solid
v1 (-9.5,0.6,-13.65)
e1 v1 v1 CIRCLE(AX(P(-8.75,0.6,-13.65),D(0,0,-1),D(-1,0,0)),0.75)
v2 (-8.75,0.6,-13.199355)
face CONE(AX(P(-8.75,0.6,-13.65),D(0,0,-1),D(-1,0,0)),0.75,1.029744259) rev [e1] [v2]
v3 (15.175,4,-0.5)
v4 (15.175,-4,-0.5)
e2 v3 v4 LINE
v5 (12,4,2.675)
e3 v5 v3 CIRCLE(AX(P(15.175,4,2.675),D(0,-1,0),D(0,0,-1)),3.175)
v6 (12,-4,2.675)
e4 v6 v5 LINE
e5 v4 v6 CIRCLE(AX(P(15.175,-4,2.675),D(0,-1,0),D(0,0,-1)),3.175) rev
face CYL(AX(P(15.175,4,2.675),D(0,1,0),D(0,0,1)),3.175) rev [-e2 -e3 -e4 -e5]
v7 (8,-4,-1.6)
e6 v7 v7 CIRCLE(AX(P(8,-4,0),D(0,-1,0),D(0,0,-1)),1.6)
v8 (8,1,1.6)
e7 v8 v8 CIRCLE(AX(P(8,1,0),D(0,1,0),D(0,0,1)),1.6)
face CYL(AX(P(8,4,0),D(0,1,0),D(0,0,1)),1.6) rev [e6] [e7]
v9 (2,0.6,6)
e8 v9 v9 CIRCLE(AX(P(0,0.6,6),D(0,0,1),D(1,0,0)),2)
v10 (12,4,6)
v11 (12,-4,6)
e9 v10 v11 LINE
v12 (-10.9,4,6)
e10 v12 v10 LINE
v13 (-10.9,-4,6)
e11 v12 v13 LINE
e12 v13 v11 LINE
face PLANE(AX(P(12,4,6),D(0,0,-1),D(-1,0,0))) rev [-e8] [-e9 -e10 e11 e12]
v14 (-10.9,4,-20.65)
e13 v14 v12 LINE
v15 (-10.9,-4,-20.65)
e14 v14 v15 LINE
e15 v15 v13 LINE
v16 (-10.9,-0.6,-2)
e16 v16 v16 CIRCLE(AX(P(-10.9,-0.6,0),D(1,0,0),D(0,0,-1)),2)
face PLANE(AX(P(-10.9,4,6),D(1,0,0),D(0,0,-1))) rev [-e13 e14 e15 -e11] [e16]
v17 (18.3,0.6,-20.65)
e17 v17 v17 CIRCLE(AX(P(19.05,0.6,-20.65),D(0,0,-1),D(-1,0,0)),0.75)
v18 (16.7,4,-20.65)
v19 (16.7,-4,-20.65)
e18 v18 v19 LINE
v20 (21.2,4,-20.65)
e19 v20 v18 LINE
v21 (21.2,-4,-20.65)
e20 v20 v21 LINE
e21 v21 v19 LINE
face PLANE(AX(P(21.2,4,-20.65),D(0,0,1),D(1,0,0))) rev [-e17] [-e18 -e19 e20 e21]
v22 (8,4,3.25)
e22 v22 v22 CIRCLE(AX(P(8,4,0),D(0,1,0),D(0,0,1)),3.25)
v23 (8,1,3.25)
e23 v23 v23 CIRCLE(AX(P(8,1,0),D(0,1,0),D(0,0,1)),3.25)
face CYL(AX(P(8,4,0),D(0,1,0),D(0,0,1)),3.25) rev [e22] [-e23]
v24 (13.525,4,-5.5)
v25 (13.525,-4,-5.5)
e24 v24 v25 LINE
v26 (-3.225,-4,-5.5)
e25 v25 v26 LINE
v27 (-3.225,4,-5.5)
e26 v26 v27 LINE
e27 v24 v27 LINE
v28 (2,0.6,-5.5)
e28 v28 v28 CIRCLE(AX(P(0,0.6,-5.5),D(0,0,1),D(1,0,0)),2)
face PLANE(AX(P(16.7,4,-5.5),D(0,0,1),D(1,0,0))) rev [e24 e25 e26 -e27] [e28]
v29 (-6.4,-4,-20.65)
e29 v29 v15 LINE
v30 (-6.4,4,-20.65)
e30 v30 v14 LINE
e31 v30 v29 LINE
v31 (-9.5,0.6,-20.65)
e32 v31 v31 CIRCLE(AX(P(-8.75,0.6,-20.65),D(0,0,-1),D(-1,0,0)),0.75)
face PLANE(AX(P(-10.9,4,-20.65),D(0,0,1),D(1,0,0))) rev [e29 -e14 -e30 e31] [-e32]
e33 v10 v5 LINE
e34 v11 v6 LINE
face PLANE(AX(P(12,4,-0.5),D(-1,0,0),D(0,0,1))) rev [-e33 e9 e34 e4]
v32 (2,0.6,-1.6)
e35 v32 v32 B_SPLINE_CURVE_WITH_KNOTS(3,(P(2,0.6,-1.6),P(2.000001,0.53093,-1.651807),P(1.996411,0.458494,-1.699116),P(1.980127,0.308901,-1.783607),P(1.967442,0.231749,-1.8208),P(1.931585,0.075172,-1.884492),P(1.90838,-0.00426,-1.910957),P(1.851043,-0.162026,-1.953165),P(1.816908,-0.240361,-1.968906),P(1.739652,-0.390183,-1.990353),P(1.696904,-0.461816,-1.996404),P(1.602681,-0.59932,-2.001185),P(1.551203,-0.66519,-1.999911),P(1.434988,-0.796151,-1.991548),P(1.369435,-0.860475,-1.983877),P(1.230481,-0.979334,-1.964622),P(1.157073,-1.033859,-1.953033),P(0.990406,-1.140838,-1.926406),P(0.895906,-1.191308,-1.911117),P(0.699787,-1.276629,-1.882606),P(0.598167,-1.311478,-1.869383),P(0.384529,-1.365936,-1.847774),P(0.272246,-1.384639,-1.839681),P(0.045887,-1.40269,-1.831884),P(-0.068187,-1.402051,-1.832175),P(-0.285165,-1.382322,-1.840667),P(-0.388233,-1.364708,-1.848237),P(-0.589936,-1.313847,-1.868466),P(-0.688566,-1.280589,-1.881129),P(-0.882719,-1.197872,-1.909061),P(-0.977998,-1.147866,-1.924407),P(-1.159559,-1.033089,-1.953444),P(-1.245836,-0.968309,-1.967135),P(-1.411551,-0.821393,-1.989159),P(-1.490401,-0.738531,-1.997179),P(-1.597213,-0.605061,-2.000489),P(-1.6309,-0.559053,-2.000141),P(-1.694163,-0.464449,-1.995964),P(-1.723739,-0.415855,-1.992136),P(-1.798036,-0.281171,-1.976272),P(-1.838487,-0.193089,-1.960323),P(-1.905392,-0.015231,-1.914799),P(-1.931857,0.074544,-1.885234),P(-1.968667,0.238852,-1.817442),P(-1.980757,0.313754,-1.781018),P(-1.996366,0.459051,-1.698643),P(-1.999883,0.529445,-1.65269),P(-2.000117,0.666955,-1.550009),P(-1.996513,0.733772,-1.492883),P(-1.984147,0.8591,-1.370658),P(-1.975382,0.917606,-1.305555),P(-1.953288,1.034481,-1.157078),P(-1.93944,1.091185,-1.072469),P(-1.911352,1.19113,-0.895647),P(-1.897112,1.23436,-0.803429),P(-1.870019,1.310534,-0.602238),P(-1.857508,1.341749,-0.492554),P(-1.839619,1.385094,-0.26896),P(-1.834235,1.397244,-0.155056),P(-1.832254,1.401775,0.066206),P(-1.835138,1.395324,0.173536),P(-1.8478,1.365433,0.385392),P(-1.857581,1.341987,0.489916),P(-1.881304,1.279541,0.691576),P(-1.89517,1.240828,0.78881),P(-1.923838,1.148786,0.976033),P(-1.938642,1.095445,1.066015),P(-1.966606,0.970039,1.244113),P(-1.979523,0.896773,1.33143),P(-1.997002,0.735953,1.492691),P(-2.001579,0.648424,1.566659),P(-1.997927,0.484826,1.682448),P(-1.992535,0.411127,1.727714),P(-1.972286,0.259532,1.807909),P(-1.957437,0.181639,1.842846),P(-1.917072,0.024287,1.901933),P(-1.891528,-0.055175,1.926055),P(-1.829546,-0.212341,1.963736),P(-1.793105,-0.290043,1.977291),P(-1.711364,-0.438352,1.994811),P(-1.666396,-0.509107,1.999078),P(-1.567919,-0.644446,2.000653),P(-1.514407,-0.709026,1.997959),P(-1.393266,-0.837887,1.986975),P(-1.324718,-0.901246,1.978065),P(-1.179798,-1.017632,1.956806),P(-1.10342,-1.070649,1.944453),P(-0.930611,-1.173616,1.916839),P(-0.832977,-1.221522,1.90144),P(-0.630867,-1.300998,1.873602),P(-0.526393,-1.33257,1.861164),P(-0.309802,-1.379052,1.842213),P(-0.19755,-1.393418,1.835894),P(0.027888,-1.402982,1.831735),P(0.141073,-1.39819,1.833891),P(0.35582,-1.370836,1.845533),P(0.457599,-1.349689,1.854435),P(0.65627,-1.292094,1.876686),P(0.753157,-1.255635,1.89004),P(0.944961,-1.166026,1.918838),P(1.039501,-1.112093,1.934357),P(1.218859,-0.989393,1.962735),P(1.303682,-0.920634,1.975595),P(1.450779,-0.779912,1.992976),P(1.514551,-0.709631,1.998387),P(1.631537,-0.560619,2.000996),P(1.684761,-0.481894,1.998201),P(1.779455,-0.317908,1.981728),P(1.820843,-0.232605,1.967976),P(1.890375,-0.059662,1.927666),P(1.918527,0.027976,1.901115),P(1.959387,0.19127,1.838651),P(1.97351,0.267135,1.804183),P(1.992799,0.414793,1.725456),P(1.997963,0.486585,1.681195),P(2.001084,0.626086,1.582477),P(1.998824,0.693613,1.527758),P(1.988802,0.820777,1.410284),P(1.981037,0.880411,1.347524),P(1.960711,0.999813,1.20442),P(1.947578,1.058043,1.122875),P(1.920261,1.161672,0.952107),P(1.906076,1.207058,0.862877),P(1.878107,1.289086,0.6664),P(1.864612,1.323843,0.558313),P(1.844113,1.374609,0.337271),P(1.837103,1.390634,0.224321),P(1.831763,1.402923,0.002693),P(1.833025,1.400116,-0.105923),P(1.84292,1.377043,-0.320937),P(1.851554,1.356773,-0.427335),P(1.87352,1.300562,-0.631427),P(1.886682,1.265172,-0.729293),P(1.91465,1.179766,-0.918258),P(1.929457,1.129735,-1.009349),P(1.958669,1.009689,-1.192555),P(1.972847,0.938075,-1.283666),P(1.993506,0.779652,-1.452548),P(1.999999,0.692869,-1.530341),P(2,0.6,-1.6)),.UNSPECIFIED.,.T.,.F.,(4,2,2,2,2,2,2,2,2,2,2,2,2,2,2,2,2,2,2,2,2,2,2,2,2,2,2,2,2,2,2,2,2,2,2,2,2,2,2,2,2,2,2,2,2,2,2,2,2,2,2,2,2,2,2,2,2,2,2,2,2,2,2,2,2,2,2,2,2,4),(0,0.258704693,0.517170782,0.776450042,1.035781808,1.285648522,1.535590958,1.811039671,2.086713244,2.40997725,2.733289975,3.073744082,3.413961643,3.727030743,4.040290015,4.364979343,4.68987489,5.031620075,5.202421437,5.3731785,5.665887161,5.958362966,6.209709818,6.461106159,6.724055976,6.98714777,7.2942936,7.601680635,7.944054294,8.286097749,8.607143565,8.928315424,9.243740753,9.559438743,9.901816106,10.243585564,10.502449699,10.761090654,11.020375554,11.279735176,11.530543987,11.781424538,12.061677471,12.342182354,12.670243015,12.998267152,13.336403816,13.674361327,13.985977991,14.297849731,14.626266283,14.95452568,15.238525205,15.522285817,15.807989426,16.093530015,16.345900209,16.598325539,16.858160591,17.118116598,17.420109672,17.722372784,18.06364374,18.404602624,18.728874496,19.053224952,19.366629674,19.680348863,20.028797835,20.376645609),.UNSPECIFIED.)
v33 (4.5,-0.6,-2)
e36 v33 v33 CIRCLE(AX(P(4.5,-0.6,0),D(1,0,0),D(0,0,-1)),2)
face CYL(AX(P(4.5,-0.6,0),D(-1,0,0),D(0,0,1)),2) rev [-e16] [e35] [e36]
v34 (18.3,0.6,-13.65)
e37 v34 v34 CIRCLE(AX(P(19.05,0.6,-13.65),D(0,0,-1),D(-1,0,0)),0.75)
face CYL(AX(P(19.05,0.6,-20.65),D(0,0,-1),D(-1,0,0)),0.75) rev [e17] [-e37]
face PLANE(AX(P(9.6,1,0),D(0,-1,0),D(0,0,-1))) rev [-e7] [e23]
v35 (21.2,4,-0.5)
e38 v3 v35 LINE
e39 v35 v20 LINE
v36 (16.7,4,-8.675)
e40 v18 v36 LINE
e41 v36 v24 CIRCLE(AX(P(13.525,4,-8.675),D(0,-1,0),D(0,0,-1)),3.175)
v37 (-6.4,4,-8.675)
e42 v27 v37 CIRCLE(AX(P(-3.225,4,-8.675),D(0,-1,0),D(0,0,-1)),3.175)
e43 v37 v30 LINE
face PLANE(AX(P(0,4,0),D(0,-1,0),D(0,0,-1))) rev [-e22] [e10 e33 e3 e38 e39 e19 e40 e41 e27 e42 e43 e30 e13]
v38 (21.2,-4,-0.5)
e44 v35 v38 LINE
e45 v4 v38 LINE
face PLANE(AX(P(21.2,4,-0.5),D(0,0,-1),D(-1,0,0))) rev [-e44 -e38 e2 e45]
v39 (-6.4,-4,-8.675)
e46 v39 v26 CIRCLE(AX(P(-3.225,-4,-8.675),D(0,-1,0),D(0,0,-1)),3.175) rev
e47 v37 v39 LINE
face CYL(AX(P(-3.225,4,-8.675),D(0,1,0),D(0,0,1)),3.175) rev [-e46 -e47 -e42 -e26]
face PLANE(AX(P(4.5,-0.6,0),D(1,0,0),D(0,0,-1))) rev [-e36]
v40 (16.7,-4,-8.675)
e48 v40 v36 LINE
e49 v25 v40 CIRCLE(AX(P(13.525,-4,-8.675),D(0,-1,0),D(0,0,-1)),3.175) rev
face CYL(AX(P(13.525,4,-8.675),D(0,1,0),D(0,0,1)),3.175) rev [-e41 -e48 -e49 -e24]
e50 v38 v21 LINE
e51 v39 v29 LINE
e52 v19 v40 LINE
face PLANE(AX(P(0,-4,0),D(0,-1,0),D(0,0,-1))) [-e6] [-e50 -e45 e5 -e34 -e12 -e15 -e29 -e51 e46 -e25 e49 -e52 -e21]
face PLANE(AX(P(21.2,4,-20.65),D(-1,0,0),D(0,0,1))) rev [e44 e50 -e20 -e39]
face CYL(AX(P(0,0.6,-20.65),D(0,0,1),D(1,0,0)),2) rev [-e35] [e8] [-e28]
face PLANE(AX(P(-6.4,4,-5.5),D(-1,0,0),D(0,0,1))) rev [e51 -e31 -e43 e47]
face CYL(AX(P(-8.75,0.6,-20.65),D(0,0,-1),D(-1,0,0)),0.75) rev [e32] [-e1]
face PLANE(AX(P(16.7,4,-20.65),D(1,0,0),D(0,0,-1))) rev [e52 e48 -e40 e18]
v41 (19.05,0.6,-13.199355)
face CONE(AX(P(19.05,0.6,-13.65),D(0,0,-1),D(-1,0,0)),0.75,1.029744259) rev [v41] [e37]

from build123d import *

# Parameters (mm, degrees)
BOSS_EXTRUDE1_DEPTH            = 4
FILLET1_R                      = 3.175
CUT_EXTRUDE1_DEPTH             = 30.864067037
CUT_EXTRUDE1_DEPTH_BACK        = 30.864067037
SKETCH2_R                      = 2
CUT_EXTRUDE2_DEPTH             = 4.5
CUT_EXTRUDE2_DEPTH_BACK        = 30.864067037
SKETCH3_R                      = 2
F_1_5_1_5_DIAMETER_HOLE1_D     = 1.5
F_1_5_1_5_DIAMETER_HOLE1_DEPTH = 7
F_1_5_1_5_DIAMETER_HOLE1_TIP   = 0.450645464
CBORE_FOR_M3_SHCS1_D           = 3.2
CBORE_FOR_M3_SHCS1_CBORE_D     = 6.5
CBORE_FOR_M3_SHCS1_CBORE_DEPTH = 3


with BuildPart() as part:
    # Sketch1 → Boss-Extrude1 (new, symmetric)
    with BuildSketch(Plane(origin=(0, 0, 0), x_dir=(1, 0, 0), z_dir=(0, 1, 0))):
        Polygon((12, 0.5), (12, -6), (-10.9, -6), (-10.9, 20.65), (-6.4, 20.65), (-6.4, 5.5), (16.7, 5.5), (16.7, 20.65), (21.2, 20.65), (21.2, 0.5), align=None)
    extrude(amount=BOSS_EXTRUDE1_DEPTH, both=True)

    # Fillet1
    fillet1_edges = [part.edges().sort_by_distance(p)[0] for p in [
        (12, 0, -0.5),
        (-6.4, 0, -5.5),
        (16.7, 0, -5.5),
    ]]
    fillet(fillet1_edges, radius=FILLET1_R)

    # Sketch2 → Cut-Extrude1 (cut, two sides: drawn at the far end of the back side and taken through both)
    with BuildSketch(Plane.XY.offset(-CUT_EXTRUDE1_DEPTH_BACK)):
        with Locations((0, 0.6)):
            Circle(SKETCH2_R)
    extrude(amount=CUT_EXTRUDE1_DEPTH + CUT_EXTRUDE1_DEPTH_BACK, mode=Mode.SUBTRACT)

    # Sketch3 → Cut-Extrude2 (cut, two sides: drawn at the far end of the back side and taken through both)
    with BuildSketch(Plane(origin=(0, 0, 0), x_dir=(0, 0, -1), z_dir=(1, 0, 0)).offset(-CUT_EXTRUDE2_DEPTH_BACK)):
        with Locations((0, -0.6)):
            Circle(SKETCH3_R)
    extrude(amount=CUT_EXTRUDE2_DEPTH + CUT_EXTRUDE2_DEPTH_BACK, mode=Mode.SUBTRACT)

    # Ø1.5 (1.5) Diameter Hole1
    with Locations(Plane(origin=(0, 0, -20.65), x_dir=(-1, 0, 0), z_dir=(0, 0, -1))):
        with Locations((-19.05, 0.6), (8.75, 0.6)):
            Hole(F_1_5_1_5_DIAMETER_HOLE1_D / 2, depth=F_1_5_1_5_DIAMETER_HOLE1_DEPTH)
            with Locations((0, 0, -(F_1_5_1_5_DIAMETER_HOLE1_DEPTH + F_1_5_1_5_DIAMETER_HOLE1_TIP / 2))):  # 118° drill point
                Cone(0, F_1_5_1_5_DIAMETER_HOLE1_D / 2, F_1_5_1_5_DIAMETER_HOLE1_TIP, mode=Mode.SUBTRACT)

    # CBORE for M3 SHCS1 (through all)
    with Locations(Plane(origin=(0, 4, 0), x_dir=(1, 0, 0), z_dir=(0, 1, 0))):
        with Locations((8, 0)):
            CounterBoreHole(CBORE_FOR_M3_SHCS1_D / 2, CBORE_FOR_M3_SHCS1_CBORE_D / 2, CBORE_FOR_M3_SHCS1_CBORE_DEPTH)


solid = part.part
